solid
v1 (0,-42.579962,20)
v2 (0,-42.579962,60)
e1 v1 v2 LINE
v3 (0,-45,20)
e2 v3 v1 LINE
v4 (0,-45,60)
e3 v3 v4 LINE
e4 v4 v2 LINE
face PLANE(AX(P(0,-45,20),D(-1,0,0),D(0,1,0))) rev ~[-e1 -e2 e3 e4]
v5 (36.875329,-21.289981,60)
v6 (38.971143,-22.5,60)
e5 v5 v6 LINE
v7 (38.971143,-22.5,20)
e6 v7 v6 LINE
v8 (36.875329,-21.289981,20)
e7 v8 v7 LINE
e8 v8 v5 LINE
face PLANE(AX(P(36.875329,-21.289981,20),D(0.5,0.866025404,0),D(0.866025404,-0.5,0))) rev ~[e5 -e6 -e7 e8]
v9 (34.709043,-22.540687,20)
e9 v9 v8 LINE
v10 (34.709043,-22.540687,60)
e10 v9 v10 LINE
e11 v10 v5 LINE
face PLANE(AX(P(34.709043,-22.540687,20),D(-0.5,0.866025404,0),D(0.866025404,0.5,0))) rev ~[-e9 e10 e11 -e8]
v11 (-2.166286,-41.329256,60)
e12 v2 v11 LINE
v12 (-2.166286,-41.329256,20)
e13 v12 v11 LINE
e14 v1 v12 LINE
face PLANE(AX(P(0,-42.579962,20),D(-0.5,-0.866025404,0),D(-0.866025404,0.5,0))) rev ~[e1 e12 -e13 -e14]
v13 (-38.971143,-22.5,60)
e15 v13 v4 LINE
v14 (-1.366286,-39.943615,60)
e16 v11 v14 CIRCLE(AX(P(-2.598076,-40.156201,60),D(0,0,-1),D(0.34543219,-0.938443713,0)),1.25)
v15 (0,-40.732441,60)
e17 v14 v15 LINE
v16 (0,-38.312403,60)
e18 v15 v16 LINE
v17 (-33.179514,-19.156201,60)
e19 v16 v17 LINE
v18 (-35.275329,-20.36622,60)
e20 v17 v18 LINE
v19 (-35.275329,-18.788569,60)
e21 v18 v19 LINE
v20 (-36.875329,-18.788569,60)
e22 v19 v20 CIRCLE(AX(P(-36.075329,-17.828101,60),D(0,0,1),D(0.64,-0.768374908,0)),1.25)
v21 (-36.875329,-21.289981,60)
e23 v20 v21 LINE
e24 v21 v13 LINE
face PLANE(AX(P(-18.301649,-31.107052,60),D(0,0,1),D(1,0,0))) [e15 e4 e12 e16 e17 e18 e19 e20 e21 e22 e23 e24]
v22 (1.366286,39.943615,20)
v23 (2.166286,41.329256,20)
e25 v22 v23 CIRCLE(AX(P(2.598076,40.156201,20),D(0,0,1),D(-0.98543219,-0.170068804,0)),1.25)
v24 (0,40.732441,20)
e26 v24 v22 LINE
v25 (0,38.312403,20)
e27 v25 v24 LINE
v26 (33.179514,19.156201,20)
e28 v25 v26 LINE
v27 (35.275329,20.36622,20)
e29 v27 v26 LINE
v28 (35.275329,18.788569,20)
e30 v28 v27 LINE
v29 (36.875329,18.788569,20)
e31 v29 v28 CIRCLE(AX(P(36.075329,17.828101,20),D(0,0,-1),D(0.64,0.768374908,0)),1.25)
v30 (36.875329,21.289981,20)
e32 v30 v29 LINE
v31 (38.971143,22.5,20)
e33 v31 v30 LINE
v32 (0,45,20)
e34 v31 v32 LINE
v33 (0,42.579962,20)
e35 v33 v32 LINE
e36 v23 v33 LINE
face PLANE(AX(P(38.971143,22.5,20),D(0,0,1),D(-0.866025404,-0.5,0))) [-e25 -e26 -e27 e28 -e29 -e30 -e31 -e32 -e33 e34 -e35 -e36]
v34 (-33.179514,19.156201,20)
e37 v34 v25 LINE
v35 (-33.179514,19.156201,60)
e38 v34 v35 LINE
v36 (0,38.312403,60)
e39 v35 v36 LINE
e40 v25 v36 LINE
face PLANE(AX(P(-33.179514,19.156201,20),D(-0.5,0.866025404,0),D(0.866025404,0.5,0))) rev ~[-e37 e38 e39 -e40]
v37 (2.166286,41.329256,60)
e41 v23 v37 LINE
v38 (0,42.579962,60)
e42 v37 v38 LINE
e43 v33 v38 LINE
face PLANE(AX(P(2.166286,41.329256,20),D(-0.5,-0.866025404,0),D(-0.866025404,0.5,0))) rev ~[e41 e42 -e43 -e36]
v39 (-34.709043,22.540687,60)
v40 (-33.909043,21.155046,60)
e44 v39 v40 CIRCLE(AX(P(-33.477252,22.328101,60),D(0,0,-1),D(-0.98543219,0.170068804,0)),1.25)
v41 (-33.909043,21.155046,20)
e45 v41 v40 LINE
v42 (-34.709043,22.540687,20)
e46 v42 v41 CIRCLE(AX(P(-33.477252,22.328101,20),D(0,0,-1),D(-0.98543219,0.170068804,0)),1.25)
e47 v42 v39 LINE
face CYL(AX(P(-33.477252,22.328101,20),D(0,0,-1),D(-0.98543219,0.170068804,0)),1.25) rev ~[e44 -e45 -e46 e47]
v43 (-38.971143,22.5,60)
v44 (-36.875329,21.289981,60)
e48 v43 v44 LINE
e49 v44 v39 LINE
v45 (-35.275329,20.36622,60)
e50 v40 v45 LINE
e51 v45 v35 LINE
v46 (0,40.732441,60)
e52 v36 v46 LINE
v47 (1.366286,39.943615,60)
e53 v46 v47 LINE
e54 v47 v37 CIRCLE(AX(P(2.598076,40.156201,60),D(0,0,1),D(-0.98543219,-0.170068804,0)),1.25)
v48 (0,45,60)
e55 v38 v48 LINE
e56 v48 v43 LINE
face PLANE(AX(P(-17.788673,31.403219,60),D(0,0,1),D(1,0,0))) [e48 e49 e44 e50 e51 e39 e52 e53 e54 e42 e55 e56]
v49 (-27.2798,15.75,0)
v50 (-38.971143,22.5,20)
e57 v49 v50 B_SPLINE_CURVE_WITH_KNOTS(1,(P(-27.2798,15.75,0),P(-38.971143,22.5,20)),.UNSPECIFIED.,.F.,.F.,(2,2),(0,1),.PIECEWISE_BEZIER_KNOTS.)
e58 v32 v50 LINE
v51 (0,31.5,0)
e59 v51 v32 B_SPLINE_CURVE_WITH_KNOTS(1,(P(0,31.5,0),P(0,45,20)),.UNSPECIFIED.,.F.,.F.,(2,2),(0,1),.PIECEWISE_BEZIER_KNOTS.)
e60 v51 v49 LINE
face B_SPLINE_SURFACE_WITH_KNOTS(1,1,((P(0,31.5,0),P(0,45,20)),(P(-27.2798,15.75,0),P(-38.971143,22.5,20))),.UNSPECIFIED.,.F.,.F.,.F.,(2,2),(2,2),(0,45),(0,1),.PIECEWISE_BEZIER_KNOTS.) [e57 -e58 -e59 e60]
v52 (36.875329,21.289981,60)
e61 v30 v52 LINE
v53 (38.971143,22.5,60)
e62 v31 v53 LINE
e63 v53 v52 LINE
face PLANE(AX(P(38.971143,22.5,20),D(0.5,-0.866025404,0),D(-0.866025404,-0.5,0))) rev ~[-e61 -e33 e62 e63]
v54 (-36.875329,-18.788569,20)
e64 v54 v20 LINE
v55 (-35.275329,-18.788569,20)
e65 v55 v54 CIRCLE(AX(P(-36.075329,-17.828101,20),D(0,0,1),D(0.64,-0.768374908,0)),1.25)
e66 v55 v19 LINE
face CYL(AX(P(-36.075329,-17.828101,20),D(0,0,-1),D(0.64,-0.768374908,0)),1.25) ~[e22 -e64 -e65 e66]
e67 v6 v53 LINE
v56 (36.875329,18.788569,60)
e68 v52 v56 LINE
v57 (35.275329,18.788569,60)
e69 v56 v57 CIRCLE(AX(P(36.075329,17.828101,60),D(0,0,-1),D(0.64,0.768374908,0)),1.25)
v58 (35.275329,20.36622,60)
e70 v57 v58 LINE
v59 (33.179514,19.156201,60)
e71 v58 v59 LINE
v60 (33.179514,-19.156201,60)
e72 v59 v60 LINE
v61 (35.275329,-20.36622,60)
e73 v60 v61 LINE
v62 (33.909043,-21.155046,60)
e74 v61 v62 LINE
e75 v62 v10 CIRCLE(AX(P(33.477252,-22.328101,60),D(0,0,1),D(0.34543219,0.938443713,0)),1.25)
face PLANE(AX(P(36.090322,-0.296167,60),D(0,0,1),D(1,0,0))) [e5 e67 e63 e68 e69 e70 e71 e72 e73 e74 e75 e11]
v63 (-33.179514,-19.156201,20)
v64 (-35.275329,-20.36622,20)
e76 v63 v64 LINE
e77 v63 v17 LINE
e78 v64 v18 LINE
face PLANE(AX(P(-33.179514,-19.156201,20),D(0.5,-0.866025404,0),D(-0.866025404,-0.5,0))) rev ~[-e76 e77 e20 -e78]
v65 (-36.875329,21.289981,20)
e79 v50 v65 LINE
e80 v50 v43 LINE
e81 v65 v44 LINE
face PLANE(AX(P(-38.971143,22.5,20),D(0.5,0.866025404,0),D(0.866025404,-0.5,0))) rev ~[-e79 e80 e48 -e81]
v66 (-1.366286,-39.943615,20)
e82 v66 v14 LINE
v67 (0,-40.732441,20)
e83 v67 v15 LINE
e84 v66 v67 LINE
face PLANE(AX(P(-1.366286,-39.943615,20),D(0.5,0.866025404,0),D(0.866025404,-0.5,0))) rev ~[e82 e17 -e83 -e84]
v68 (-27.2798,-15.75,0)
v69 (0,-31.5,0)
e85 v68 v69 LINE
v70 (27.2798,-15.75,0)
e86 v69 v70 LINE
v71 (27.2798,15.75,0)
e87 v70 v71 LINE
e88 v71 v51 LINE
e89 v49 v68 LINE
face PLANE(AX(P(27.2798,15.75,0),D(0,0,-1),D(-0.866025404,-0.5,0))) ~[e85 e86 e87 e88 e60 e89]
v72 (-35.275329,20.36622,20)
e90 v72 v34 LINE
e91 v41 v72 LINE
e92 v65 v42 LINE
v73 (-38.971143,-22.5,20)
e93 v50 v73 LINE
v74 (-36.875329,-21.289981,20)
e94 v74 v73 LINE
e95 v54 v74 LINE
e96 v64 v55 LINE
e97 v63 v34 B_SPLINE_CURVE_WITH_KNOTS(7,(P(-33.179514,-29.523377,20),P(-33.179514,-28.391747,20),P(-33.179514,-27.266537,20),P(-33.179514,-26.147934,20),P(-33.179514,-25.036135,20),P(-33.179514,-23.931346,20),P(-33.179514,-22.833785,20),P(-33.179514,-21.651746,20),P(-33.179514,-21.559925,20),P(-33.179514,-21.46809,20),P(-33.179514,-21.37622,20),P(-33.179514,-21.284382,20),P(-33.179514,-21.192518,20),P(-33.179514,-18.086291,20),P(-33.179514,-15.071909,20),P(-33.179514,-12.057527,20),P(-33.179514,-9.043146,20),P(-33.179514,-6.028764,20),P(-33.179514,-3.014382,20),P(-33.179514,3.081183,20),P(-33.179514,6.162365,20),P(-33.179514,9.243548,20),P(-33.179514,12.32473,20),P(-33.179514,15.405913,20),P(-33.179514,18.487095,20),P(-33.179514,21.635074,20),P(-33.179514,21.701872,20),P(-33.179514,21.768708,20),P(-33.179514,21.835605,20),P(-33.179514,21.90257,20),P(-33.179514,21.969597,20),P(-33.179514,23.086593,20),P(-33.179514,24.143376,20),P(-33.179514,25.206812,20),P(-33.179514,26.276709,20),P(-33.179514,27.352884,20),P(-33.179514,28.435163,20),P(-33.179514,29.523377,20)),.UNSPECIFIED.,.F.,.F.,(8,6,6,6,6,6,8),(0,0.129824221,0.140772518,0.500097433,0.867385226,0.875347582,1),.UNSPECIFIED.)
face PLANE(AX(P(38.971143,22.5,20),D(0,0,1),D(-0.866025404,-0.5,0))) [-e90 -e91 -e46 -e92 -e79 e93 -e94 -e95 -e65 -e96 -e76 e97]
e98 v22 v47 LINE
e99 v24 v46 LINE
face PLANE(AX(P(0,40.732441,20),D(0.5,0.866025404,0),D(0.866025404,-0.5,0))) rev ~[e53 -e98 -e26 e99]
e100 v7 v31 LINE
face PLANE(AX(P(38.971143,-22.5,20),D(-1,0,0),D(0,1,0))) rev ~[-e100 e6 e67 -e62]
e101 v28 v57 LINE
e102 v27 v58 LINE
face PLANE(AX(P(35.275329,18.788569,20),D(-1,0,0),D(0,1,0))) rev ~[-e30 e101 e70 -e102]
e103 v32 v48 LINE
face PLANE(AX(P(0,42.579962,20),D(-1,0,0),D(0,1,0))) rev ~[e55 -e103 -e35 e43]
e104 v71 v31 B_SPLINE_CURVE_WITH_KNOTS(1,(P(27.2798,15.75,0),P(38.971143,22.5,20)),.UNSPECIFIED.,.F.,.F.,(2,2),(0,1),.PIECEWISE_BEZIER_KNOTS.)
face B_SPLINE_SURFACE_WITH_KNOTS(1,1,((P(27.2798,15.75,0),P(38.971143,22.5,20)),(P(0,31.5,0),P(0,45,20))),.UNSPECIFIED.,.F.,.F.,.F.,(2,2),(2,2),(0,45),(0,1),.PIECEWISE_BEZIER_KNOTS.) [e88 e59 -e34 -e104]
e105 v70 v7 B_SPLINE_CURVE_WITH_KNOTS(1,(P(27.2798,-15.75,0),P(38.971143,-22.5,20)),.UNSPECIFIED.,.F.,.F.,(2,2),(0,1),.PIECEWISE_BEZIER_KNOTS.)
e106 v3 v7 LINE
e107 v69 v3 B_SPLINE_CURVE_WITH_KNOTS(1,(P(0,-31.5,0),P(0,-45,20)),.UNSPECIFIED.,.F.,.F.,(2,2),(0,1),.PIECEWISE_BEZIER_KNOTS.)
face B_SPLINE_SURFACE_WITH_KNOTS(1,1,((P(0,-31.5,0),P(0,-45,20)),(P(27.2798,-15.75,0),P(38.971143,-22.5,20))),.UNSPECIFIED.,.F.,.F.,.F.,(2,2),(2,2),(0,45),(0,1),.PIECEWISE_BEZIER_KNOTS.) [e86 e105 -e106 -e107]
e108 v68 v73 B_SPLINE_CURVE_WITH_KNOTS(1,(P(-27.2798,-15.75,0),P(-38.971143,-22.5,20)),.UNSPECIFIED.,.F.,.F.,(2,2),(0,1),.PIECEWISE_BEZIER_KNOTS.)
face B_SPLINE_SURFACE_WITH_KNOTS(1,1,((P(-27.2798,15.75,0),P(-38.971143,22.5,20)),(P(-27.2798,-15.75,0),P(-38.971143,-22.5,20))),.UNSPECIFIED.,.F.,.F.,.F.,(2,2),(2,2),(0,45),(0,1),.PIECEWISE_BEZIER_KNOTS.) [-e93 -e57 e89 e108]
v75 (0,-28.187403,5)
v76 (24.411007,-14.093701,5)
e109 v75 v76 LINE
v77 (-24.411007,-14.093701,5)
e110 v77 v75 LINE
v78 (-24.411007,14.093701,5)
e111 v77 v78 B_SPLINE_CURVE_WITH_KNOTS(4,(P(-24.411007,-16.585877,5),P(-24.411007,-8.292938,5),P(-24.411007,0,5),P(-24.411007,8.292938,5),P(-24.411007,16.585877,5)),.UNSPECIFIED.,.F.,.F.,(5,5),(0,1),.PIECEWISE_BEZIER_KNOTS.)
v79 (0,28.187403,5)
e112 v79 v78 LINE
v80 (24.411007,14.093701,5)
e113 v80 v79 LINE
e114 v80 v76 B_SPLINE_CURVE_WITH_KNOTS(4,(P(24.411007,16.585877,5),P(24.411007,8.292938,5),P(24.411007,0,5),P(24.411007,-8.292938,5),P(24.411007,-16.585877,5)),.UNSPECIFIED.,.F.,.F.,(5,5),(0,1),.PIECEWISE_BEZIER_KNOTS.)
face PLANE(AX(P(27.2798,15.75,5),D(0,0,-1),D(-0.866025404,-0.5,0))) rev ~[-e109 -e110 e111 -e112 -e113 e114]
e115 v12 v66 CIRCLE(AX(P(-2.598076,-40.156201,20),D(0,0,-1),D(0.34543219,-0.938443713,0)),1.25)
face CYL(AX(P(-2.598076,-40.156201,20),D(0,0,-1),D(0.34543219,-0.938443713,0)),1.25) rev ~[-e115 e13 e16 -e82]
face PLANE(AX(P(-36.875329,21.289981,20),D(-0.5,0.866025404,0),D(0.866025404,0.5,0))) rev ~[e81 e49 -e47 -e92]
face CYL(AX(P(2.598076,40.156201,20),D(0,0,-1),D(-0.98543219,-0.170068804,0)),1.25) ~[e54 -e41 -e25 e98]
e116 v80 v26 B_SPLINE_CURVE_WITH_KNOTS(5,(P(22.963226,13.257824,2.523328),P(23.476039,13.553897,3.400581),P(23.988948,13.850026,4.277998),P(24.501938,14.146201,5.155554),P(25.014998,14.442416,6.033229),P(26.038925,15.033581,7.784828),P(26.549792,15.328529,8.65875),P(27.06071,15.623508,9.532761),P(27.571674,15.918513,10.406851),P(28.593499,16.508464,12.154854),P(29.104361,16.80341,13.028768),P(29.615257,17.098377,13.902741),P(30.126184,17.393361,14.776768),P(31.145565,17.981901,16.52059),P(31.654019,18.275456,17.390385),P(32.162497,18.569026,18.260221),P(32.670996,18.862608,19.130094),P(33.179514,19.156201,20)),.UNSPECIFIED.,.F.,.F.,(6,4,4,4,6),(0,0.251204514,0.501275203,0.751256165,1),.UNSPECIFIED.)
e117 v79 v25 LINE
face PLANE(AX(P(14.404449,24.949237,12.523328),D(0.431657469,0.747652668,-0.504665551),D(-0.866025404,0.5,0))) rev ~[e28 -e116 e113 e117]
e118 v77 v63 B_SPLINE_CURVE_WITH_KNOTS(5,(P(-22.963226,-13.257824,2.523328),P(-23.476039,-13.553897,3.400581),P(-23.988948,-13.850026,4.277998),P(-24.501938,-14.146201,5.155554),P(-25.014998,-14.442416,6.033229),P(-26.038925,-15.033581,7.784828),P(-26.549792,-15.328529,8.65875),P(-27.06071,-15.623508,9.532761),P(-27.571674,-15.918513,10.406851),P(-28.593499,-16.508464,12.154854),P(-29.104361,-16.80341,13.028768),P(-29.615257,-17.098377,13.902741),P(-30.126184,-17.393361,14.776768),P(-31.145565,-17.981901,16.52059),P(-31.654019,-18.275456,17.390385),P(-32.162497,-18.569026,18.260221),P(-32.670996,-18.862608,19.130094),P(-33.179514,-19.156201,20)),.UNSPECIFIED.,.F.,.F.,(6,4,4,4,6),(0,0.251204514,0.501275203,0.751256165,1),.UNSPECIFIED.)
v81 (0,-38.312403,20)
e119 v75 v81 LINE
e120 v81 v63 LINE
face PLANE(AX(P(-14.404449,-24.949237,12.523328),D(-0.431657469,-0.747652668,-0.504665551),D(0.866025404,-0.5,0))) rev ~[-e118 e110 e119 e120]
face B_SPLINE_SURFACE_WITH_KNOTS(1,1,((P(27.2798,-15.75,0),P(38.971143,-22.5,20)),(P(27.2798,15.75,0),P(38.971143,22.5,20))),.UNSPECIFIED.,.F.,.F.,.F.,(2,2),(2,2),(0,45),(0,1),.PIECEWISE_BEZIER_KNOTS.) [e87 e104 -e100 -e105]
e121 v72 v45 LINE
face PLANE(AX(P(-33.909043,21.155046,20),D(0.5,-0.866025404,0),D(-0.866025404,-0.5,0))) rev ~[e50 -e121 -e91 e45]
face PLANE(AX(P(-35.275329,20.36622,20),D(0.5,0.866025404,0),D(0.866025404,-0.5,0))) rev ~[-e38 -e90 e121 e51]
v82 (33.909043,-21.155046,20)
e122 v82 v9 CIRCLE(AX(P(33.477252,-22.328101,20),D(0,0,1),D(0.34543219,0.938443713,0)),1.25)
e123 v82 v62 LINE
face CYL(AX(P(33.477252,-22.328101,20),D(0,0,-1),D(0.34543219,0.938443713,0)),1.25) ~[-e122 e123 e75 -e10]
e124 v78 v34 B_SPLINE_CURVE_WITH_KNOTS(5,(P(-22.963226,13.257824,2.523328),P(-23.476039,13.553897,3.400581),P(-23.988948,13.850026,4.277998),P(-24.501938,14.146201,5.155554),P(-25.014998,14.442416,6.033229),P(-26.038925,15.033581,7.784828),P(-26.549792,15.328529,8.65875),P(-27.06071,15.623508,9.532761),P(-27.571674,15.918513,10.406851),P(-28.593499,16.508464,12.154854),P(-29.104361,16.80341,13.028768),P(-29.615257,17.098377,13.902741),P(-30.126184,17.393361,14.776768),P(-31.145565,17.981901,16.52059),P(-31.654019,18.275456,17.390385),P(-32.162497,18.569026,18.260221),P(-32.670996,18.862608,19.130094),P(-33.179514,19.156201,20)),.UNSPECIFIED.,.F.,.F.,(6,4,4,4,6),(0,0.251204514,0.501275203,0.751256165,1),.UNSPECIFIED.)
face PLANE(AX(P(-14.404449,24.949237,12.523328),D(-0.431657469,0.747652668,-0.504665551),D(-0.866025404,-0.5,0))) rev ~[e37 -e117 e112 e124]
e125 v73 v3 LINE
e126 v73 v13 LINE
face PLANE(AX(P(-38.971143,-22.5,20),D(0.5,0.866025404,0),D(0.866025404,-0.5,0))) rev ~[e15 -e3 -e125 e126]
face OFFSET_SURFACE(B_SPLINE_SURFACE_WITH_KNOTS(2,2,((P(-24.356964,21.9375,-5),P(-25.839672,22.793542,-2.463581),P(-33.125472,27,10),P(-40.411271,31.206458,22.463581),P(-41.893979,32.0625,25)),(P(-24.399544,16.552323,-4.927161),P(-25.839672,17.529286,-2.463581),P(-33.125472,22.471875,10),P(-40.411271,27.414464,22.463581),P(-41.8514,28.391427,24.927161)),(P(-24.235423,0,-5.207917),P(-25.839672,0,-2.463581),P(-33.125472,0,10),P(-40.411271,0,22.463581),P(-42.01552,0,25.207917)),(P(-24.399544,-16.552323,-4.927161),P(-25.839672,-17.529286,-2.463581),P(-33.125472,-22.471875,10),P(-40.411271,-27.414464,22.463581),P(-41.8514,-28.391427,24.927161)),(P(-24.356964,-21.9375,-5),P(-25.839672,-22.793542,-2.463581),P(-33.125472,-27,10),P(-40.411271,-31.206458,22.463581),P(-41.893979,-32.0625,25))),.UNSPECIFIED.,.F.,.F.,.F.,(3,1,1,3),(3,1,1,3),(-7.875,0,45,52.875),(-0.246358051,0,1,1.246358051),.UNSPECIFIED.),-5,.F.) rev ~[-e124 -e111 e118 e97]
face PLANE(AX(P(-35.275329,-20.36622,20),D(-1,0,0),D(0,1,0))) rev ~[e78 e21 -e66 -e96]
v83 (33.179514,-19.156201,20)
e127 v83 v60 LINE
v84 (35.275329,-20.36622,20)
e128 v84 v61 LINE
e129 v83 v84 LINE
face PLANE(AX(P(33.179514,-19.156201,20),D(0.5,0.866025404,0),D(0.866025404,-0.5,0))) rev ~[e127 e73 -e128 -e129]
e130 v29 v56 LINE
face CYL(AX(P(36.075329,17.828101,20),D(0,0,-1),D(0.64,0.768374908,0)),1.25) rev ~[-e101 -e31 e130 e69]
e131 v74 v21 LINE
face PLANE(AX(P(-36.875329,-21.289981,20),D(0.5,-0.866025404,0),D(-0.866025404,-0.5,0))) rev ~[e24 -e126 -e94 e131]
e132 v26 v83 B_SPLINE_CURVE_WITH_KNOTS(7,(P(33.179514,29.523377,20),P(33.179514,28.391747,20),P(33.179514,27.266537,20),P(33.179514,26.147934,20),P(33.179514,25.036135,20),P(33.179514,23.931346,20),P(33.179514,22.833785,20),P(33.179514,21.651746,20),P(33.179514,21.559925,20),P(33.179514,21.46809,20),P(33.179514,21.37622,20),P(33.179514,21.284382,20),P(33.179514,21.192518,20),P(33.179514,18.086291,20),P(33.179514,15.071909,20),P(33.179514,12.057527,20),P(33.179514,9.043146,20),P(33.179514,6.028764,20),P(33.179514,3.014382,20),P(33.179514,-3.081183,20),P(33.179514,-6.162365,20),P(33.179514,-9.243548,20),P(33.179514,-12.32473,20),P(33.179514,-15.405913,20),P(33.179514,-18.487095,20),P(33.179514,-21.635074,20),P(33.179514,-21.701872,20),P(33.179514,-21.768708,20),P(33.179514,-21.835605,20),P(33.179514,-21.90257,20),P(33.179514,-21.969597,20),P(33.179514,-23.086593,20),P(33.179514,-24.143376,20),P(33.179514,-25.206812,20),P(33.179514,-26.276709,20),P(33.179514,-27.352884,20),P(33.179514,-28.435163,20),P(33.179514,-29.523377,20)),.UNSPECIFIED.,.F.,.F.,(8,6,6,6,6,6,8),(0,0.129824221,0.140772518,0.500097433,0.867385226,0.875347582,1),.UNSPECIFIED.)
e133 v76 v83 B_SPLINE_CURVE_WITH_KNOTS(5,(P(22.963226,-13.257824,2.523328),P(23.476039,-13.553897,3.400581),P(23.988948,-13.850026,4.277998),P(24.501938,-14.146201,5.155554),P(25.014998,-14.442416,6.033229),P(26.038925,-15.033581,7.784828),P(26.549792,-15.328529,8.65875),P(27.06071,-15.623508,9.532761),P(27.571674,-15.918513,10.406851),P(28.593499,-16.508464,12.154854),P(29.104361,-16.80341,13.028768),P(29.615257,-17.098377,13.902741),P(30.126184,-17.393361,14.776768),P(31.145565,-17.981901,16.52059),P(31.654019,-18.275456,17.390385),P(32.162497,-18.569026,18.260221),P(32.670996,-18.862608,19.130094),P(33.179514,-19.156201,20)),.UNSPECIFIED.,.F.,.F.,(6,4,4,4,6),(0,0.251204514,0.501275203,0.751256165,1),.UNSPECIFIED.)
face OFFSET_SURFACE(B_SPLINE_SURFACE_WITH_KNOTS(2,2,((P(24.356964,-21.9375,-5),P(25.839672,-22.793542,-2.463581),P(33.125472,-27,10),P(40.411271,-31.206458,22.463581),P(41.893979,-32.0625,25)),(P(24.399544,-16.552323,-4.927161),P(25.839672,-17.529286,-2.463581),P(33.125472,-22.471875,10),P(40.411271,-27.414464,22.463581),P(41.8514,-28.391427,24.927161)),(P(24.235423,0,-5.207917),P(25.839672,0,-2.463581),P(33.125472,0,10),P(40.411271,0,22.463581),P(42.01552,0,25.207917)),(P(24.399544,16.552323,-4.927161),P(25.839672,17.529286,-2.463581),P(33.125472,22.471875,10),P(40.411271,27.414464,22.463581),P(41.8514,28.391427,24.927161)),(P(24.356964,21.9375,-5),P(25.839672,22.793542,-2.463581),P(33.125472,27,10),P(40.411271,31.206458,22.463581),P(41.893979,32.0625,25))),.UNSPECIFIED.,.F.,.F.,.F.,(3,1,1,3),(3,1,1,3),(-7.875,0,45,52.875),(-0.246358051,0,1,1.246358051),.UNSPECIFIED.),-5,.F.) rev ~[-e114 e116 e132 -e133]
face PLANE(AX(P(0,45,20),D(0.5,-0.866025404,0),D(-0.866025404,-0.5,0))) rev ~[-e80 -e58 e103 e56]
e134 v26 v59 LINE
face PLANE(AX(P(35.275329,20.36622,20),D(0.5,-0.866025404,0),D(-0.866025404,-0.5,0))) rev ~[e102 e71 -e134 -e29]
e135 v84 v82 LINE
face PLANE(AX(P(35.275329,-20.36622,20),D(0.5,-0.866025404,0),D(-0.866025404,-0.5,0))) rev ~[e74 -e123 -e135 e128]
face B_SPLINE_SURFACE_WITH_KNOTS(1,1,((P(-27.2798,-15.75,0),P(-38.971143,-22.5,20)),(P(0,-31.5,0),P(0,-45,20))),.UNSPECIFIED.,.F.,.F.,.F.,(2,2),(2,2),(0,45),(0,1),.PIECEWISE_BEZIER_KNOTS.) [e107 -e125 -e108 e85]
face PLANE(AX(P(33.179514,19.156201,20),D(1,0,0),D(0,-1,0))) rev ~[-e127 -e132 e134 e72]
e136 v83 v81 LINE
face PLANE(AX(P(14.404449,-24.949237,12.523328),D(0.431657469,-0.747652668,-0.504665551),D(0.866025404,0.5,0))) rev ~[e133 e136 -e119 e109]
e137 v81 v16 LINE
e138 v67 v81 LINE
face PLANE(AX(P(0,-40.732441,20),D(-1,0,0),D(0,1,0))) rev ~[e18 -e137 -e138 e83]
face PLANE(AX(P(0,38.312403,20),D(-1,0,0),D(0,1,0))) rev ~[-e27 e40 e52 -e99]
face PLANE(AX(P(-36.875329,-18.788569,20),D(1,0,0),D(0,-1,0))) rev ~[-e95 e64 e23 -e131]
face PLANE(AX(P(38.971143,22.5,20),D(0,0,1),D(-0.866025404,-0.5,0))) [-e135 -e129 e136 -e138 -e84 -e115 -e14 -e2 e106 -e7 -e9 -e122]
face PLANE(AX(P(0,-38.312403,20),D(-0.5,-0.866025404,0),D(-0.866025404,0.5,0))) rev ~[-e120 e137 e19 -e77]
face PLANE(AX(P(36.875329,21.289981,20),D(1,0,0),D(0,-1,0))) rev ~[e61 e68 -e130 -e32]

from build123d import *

# Parameters (mm, degrees)
F5_T     = -5
F7_DEPTH = 40


with BuildPart() as f4:
    # F0 (on Top) → F4 section 0
    with BuildSketch(Plane.XY):
        Polygon((27.2798002192, 15.75), (0, 31.5), (-27.2798002192, 15.75), (-27.2798002192, -15.75), (0, -31.5), (27.2798002192, -15.75), align=None)
    # F2 (on offset) → F4 section 1
    with BuildSketch(Plane.XY.offset(20)):
        Polygon((-38.9711431703, -22.5), (0, -45), (38.9711431703, -22.5), (38.9711431703, 22.5), (0, 45), (-38.9711431703, 22.5), align=None)
    loft()

    # F5
    f5_openings = [f4.faces().sort_by_distance(p)[0] for p in [
        (0, 0, 20),
    ]]
    offset(amount=F5_T, openings=f5_openings)

    # F6 (on face) → F7 (join)
    with BuildSketch(Plane.XY.offset(20)):
        with BuildLine():
            Line((0, -38.3124026487), (-33.1795139738, -19.1562013243))
            Line((-33.1795139738, -19.1562013243), (-35.275328572, -20.3662204468))
            Line((-35.275328572, -20.3662204468), (-35.275328572, -18.7885692978))
            ThreePointArc((-35.275328572, -18.7885692978), (-36.075328572, -16.5781006622), (-36.875328572, -18.7885692978))
            Line((-36.875328572, -18.7885692978), (-36.875328572, -21.2899808775))
            Line((-36.875328572, -21.2899808775), (-38.9711431703, -22.5))
            Line((-38.9711431703, -22.5), (0, -45))
            Line((0, -45), (0, -42.579961755))
            Line((0, -42.579961755), (-2.1662859734, -41.3292559652))
            ThreePointArc((-2.1662859734, -41.3292559652), (-3.6806079661, -39.5312013243), (-1.3662859734, -39.9436153191))
            Line((-1.3662859734, -39.9436153191), (0, -40.7324408936))
            Line((0, -40.7324408936), (0, -38.3124026487))
        make_face()
        with BuildLine():
            Line((-35.275328572, 20.3662204468), (-33.1795139738, 19.1562013243))
            Line((-33.1795139738, 19.1562013243), (0, 38.3124026487))
            Line((0, 38.3124026487), (0, 40.7324408936))
            Line((0, 40.7324408936), (1.3662859734, 39.9436153191))
            ThreePointArc((1.3662859734, 39.9436153191), (3.6806079661, 39.5312013243), (2.1662859734, 41.3292559652))
            Line((2.1662859734, 41.3292559652), (0, 42.579961755))
            Line((0, 42.579961755), (0, 45))
            Line((0, 45), (-38.9711431703, 22.5))
            Line((-38.9711431703, 22.5), (-36.875328572, 21.2899808775))
            Line((-36.875328572, 21.2899808775), (-34.7090425987, 22.5406866674))
            ThreePointArc((-34.7090425987, 22.5406866674), (-32.394720606, 22.9531006622), (-33.9090425987, 21.1550460213))
            Line((-33.9090425987, 21.1550460213), (-35.275328572, 20.3662204468))
        make_face()
        with BuildLine():
            Line((33.1795139738, 19.1562013243), (33.1795139738, -19.1562013243))
            Line((33.1795139738, -19.1562013243), (35.275328572, -20.3662204468))
            Line((35.275328572, -20.3662204468), (33.9090425987, -21.1550460213))
            ThreePointArc((33.9090425987, -21.1550460213), (32.394720606, -22.9531006622), (34.7090425987, -22.5406866674))
            Line((34.7090425987, -22.5406866674), (36.875328572, -21.2899808775))
            Line((36.875328572, -21.2899808775), (38.9711431703, -22.5))
            Line((38.9711431703, -22.5), (38.9711431703, 22.5))
            Line((38.9711431703, 22.5), (36.875328572, 21.2899808775))
            Line((36.875328572, 21.2899808775), (36.875328572, 18.7885692978))
            ThreePointArc((36.875328572, 18.7885692978), (36.075328572, 16.5781006622), (35.275328572, 18.7885692978))
            Line((35.275328572, 18.7885692978), (35.275328572, 20.3662204468))
            Line((35.275328572, 20.3662204468), (33.1795139738, 19.1562013243))
        make_face()
    extrude(amount=F7_DEPTH)


solid = f4.part
